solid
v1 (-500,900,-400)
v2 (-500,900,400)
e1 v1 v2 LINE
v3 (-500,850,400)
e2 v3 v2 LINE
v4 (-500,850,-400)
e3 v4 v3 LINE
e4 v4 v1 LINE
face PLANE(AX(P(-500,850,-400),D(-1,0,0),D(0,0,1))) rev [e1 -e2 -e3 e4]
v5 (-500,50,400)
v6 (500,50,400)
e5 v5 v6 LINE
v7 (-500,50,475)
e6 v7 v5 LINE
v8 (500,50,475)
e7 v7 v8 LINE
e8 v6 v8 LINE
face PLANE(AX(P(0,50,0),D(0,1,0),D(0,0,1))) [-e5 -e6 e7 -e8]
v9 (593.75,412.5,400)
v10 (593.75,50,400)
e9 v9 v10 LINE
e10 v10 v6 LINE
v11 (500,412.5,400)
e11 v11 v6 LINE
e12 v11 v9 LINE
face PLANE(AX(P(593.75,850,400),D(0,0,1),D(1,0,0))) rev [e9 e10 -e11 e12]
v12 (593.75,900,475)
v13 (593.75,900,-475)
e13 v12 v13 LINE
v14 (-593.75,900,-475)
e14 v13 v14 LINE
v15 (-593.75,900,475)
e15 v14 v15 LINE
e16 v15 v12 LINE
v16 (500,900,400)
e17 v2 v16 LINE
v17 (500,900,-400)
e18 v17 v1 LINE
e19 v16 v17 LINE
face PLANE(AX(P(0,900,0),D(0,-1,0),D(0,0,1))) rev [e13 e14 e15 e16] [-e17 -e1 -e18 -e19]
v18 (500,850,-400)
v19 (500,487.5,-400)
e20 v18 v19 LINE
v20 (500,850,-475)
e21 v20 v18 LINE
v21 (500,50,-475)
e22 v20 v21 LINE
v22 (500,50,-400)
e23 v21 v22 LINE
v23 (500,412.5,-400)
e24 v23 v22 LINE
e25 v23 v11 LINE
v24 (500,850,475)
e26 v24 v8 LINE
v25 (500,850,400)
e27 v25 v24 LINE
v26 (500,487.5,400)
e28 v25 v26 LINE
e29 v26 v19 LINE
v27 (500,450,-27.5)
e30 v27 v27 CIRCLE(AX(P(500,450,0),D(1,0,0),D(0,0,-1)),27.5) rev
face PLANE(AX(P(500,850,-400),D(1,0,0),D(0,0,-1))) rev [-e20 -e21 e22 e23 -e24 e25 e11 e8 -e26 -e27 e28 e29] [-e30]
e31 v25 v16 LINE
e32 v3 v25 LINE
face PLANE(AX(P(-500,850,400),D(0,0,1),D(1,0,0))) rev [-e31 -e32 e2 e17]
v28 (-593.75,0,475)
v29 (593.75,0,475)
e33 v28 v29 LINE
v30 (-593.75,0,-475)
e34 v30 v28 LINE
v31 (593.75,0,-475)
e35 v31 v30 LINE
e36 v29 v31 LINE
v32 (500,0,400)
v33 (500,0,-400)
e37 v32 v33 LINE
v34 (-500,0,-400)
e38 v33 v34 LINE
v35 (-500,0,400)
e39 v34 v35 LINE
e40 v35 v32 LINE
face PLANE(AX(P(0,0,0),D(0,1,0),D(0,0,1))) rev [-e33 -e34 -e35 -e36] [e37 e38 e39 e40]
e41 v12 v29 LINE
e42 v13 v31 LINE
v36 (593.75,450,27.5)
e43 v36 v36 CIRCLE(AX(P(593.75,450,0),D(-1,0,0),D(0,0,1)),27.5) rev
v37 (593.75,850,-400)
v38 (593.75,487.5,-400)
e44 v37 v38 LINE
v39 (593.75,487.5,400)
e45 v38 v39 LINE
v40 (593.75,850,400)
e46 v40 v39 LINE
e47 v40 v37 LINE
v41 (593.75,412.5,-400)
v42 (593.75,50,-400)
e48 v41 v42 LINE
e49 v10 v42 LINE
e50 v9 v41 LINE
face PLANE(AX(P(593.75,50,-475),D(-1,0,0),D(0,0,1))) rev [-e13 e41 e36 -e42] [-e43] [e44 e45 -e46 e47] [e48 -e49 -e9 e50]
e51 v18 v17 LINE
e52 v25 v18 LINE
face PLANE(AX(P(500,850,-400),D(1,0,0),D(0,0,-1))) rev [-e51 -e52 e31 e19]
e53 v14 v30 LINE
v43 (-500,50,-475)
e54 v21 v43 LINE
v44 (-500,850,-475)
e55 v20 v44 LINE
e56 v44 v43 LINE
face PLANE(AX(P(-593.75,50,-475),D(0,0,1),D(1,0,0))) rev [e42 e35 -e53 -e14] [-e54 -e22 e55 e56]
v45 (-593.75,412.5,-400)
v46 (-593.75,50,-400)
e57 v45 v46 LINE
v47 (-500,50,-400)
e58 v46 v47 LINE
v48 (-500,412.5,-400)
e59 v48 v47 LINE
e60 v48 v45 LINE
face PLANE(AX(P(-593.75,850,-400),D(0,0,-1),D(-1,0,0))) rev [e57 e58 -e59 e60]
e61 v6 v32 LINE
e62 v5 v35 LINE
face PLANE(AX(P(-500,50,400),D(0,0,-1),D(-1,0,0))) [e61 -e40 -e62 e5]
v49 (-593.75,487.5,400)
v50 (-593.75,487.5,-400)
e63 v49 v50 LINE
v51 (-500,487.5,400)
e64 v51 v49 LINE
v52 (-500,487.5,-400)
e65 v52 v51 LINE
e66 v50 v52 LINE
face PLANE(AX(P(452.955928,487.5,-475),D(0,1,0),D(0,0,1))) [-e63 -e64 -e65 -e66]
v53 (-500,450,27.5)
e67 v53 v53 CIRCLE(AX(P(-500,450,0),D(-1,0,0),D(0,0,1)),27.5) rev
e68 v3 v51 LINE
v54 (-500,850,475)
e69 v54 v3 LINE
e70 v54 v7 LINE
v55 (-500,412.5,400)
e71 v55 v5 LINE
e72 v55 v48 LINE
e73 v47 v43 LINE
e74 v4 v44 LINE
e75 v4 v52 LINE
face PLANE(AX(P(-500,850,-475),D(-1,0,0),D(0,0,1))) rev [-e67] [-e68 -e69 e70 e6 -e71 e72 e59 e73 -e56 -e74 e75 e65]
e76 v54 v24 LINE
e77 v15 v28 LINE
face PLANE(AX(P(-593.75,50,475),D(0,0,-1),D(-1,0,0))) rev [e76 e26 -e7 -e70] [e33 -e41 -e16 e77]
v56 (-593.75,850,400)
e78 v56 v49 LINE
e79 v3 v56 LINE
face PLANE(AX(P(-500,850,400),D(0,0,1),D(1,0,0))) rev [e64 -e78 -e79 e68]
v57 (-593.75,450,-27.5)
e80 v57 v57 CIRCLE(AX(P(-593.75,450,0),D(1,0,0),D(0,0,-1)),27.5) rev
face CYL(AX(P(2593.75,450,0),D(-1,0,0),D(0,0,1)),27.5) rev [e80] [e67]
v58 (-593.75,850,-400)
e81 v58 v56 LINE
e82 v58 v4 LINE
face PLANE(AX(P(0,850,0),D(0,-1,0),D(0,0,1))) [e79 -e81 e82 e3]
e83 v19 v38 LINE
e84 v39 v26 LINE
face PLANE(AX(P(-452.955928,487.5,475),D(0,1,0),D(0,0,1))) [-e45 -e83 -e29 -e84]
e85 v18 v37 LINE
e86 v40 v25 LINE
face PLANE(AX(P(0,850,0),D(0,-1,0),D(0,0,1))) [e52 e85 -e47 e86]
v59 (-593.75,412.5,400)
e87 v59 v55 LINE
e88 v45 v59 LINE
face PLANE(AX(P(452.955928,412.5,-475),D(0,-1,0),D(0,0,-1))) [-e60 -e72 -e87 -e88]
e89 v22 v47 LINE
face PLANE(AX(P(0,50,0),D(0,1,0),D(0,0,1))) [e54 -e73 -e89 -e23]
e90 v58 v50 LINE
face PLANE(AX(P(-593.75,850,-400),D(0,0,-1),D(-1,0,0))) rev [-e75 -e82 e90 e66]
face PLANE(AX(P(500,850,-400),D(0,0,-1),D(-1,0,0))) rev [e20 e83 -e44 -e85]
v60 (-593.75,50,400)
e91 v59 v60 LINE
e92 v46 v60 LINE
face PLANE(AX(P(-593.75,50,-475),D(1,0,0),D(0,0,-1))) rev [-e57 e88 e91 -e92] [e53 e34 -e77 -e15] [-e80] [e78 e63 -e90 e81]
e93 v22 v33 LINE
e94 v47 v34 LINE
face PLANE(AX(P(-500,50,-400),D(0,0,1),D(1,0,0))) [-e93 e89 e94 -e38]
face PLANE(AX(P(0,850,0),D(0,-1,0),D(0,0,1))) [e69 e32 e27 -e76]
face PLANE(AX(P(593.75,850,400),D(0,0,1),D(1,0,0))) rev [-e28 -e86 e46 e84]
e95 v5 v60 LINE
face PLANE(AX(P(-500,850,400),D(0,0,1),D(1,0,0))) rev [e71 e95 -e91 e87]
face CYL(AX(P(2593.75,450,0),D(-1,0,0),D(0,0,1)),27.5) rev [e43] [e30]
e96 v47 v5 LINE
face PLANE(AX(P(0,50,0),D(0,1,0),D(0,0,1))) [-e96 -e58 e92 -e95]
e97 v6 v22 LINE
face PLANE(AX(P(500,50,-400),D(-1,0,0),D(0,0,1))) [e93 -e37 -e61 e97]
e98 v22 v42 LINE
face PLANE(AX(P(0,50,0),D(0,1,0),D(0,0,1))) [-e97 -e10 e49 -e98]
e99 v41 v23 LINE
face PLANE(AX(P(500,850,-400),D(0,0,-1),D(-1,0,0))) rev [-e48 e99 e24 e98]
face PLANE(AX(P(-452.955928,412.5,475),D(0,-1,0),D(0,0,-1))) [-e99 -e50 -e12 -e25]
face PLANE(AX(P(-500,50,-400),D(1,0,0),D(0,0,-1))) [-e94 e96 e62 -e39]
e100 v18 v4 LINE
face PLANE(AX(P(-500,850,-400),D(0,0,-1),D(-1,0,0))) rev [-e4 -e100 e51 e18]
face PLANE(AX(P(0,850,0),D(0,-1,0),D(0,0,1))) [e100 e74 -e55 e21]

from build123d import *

# Parameters (mm, degrees)
SKETCH1_W               = 1187.5
SKETCH1_H               = 950
SKETCH1_W_2             = 1000
SKETCH1_H_2             = 800
BOSS_EXTRUDE1_DEPTH     = 50
SKETCH2_W               = 93.75
SKETCH2_H               = 75
BOSS_EXTRUDE2_DEPTH     = 800
SKETCH3_W               = 950
SKETCH3_H               = 75
BOSS_EXTRUDE3_DEPTH     = 93.75
SKETCH4_W               = 950
SKETCH4_H               = 75
BOSS_EXTRUDE4_DEPTH     = 93.75
CUT_EXTRUDE1_DEPTH      = 2000
CUT_EXTRUDE1_DEPTH_BACK = 2000
SKETCH5_R               = 27.5


with BuildPart() as part:
    # Sketch1 → Boss-Extrude1 (new body)
    with BuildSketch(Plane(origin=(0, 0, 0), x_dir=(1, 0, 0), z_dir=(0, 1, 0))):
        Rectangle(SKETCH1_W, SKETCH1_H)
        Rectangle(SKETCH1_W_2, SKETCH1_H_2, mode=Mode.SUBTRACT)
    boss_extrude1 = extrude(amount=BOSS_EXTRUDE1_DEPTH)

    # Sketch2 → Boss-Extrude2 (add)
    with BuildSketch(Plane(origin=(0, 50, 0), x_dir=(1, 0, 0), z_dir=(0, 1, 0))):
        with Locations((-546.875, 437.5)):
            Rectangle(SKETCH2_W, SKETCH2_H)
        with Locations((-546.875, -437.5)):
            Rectangle(SKETCH2_W, SKETCH2_H)
        with Locations((546.875, 437.5)):
            Rectangle(SKETCH2_W, SKETCH2_H)
        with Locations((546.875, -437.5)):
            Rectangle(SKETCH2_W, SKETCH2_H)
    extrude(amount=BOSS_EXTRUDE2_DEPTH)

    # Mirror1: Boss-Extrude1 across plane
    add(boss_extrude1.mirror(Plane.ZX.offset(450)))

    # Sketch3 → Boss-Extrude3 (add)
    with BuildSketch(Plane(origin=(593.75, 0, 0), x_dir=(0, 0, -1), z_dir=(1, 0, 0))):
        with Locations((0, 450)):
            Rectangle(SKETCH3_W, SKETCH3_H)
    extrude(amount=-BOSS_EXTRUDE3_DEPTH)

    # Sketch4 → Boss-Extrude4 (add)
    with BuildSketch(Plane.ZY.offset(593.75)):
        with Locations((0, 450)):
            Rectangle(SKETCH4_W, SKETCH4_H)
    extrude(amount=-BOSS_EXTRUDE4_DEPTH)

    # Sketch5 → Cut-Extrude1 (cut, two sides: drawn at the far end of the back side and taken through both)
    with BuildSketch(Plane(origin=(593.75, 0, 0), x_dir=(0, 0, -1), z_dir=(1, 0, 0)).offset(-CUT_EXTRUDE1_DEPTH_BACK)):
        with Locations(Location((0, 450, 0), (0, 0, 180))):
            Circle(SKETCH5_R)
    extrude(amount=CUT_EXTRUDE1_DEPTH + CUT_EXTRUDE1_DEPTH_BACK, mode=Mode.SUBTRACT)


solid = part.part
